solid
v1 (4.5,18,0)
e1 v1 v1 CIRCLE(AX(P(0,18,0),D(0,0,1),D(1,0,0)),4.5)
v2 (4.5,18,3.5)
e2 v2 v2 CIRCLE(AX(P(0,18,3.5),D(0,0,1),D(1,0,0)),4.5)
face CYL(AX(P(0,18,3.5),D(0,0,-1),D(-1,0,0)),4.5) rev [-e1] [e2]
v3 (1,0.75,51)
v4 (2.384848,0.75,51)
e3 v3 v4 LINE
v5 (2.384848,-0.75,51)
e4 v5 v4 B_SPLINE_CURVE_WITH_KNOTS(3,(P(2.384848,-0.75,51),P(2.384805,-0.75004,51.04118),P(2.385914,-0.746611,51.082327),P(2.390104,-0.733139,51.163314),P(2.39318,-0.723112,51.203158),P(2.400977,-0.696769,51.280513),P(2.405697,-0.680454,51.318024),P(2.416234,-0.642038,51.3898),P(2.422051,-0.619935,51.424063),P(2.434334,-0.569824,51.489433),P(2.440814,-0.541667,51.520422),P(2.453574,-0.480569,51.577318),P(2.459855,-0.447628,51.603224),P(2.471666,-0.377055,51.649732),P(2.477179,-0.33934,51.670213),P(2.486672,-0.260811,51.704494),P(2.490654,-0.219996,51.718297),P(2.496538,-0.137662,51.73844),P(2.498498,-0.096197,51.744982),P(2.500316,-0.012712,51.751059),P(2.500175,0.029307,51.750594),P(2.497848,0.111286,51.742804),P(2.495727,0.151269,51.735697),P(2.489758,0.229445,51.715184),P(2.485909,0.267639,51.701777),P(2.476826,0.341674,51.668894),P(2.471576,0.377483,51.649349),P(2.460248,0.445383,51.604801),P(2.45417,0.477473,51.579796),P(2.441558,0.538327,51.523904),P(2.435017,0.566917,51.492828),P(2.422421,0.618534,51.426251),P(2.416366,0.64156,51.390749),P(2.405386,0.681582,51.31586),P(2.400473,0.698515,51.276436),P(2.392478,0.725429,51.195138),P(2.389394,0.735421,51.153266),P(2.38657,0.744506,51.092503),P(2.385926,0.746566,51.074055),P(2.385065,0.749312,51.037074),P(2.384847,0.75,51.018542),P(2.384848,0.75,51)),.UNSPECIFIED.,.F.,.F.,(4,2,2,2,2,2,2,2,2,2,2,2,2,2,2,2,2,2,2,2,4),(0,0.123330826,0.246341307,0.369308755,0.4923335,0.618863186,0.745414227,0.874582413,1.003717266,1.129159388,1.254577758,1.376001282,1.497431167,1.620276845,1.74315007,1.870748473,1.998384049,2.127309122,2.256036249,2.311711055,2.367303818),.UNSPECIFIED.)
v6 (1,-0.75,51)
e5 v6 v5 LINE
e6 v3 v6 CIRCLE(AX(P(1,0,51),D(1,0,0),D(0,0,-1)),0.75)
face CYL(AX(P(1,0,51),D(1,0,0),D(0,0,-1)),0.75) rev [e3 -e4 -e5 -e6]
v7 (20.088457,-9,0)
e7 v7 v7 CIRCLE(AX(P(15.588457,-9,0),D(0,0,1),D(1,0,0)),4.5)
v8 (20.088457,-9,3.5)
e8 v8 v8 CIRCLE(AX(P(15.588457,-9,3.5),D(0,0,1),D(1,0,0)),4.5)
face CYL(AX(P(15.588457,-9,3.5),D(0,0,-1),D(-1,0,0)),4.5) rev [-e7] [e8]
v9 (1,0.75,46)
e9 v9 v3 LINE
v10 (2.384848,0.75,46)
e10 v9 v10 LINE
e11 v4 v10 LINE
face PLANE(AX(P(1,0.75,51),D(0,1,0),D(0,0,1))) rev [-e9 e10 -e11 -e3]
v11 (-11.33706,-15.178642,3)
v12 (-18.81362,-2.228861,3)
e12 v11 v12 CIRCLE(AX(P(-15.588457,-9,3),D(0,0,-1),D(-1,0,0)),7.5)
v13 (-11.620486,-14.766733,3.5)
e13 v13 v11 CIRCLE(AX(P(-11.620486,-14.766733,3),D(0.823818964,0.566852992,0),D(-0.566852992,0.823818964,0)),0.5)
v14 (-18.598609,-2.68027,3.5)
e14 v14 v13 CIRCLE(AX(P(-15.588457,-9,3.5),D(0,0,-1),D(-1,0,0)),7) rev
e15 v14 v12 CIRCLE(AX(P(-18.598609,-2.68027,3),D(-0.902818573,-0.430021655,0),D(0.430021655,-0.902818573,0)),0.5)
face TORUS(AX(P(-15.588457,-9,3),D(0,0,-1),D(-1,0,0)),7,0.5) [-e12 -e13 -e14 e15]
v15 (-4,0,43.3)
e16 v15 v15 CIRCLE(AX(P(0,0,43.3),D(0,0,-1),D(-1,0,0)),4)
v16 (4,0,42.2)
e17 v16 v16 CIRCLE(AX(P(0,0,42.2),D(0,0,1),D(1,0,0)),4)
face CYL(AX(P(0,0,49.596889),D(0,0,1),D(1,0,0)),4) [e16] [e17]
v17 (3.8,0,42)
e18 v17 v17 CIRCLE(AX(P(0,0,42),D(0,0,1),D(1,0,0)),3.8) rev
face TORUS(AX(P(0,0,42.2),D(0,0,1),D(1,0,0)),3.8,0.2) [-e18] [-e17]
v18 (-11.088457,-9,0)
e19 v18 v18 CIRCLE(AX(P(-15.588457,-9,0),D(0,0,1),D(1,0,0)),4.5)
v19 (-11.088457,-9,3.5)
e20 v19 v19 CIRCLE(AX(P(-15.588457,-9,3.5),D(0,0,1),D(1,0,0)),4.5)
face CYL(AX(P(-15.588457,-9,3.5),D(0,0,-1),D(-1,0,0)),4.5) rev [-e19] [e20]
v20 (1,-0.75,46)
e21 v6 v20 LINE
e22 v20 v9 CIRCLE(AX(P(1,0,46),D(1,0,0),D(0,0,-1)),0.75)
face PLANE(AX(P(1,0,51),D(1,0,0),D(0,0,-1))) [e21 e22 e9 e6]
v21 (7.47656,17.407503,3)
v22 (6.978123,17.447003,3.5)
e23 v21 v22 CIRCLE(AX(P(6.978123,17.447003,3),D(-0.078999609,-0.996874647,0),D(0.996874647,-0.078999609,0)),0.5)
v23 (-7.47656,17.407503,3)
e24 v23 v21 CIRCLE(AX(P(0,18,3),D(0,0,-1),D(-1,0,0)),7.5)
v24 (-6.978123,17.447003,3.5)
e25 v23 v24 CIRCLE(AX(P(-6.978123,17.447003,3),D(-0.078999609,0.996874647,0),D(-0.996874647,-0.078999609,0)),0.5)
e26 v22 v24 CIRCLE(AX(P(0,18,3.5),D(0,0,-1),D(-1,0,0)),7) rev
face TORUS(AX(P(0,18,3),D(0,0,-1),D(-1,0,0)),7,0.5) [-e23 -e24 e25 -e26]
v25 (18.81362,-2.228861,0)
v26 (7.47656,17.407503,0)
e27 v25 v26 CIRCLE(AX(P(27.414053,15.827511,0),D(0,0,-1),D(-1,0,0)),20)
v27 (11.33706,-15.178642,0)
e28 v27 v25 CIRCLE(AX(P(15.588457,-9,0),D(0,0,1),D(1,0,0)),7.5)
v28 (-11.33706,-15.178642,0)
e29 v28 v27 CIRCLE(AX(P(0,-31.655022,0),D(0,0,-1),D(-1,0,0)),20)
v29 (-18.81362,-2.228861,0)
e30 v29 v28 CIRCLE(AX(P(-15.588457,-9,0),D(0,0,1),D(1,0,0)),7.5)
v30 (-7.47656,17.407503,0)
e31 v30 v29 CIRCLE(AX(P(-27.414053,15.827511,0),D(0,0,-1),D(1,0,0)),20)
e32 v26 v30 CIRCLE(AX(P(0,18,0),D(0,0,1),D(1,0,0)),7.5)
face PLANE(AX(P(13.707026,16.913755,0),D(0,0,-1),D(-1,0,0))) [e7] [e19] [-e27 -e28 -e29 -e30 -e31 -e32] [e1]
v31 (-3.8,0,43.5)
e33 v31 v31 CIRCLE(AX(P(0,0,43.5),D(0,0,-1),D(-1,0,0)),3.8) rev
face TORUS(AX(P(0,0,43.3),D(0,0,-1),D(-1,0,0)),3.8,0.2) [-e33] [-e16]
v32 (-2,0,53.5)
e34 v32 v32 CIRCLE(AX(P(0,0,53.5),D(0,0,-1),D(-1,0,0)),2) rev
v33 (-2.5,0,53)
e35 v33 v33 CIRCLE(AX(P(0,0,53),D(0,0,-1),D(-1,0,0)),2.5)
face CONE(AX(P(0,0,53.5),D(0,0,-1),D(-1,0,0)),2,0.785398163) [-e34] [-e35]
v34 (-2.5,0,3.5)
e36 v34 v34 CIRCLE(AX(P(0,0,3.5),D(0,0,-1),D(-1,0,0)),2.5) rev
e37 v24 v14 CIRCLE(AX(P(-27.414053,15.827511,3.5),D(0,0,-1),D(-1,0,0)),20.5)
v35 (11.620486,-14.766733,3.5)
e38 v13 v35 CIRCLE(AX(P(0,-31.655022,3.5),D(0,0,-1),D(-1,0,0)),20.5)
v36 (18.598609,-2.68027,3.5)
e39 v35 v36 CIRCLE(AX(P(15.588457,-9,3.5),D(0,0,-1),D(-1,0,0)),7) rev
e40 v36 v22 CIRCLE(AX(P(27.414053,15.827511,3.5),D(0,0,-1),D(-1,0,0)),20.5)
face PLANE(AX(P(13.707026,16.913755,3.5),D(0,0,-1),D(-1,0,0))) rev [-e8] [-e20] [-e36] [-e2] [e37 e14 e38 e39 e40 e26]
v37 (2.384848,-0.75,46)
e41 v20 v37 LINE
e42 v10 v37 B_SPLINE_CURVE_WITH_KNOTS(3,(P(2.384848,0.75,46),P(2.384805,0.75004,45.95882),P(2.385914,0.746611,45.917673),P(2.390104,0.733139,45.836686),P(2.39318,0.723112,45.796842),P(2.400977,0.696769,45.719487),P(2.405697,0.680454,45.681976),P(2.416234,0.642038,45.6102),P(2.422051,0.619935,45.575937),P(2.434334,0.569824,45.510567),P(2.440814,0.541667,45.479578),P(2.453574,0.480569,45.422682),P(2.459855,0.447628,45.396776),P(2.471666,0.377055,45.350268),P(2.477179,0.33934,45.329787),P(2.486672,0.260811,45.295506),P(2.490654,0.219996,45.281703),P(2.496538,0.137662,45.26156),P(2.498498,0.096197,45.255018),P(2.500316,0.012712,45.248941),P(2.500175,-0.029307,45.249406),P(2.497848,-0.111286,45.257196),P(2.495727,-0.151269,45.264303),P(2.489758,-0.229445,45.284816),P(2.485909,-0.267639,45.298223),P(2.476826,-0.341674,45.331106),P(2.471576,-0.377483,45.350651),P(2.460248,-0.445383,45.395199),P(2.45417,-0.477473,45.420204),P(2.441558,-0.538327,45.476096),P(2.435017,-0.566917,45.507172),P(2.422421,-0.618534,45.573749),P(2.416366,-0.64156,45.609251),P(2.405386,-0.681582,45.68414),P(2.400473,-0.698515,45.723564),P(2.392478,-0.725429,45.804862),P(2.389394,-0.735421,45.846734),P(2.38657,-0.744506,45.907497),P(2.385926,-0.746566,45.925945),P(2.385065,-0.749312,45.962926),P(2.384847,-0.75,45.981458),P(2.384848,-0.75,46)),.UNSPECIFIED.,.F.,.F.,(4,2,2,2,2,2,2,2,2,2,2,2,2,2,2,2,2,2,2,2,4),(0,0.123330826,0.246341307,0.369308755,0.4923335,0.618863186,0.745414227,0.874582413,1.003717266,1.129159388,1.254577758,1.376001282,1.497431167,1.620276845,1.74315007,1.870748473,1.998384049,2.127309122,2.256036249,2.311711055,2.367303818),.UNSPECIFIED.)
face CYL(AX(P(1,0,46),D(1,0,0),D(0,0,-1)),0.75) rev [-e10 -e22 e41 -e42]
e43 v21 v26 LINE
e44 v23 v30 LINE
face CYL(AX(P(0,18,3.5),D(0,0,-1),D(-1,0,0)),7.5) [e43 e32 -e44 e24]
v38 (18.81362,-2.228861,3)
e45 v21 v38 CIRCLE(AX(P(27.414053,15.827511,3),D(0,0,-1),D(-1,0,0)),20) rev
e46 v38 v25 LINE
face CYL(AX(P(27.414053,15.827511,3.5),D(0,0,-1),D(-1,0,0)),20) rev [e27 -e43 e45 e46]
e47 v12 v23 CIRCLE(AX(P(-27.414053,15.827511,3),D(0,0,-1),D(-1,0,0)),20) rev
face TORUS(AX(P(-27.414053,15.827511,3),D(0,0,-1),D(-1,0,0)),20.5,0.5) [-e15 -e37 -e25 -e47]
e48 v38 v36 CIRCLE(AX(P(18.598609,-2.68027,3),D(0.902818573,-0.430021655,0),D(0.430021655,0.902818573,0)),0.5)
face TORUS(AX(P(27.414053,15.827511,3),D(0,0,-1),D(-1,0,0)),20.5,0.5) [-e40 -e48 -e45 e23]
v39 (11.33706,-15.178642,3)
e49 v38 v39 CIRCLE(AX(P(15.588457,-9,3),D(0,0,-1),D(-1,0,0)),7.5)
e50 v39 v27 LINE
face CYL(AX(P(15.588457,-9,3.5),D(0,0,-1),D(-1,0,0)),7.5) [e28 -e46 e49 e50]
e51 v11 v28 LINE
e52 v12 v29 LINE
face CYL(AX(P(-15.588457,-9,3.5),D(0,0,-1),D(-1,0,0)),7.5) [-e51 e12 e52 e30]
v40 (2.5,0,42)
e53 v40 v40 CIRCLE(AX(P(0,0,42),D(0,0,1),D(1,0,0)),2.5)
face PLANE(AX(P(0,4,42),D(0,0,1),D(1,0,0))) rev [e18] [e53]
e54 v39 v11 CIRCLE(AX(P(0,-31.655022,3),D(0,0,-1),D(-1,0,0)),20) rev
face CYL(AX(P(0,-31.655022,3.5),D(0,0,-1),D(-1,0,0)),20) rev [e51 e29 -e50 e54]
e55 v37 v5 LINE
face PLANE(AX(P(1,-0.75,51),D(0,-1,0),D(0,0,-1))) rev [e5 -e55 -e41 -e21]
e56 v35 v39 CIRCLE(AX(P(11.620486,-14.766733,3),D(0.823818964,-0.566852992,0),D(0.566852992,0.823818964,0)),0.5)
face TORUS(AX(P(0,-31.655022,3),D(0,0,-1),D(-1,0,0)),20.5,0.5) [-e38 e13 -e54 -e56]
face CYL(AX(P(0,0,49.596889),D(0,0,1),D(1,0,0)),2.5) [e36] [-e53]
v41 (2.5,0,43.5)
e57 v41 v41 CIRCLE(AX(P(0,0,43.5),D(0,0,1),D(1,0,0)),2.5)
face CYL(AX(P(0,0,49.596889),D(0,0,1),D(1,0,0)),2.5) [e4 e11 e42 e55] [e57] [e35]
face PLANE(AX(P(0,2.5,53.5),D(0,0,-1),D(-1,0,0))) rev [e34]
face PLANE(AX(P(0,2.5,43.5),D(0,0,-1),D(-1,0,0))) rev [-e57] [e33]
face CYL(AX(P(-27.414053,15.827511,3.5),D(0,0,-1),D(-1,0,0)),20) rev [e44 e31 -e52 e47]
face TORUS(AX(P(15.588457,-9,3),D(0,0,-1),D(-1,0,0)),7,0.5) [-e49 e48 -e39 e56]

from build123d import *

# Parameters (mm, degrees)
SKETCH1_R           = 4.5
BOSS_EXTRUDE1_DEPTH = 3.5
CUT_EXTRUDE1_DEPTH  = 1.5
FILLET1_R           = 0.5
FILLET2_R           = 0.2
CHAMFER1_SIZE       = 0.5


with BuildPart() as part:
    # Sketch1 → Boss-Extrude1 (new body)
    with BuildSketch(Plane.XY):
        with BuildLine():
            ThreePointArc((7.476559852, 17.407502934), (0, 25.5), (-7.476559852, 17.407502934))
            ThreePointArc((-7.476559852, 17.407502934), (-10.093544717, 5.827510759), (-18.813619684, -2.228860702))
            ThreePointArc((-18.813619684, -2.228860702), (-22.083647797, -12.75), (-11.337059831, -15.178642232))
            ThreePointArc((-11.337059831, -15.178642232), (0, -11.655021518), (11.337059831, -15.178642232))
            ThreePointArc((11.337059831, -15.178642232), (22.083647797, -12.75), (18.813619684, -2.228860702))
            ThreePointArc((18.813619684, -2.228860702), (10.093544717, 5.827510759), (7.476559852, 17.407502934))
        make_face()
        with Locations((0, 18)):
            Circle(SKETCH1_R, mode=Mode.SUBTRACT)
        with Locations((15.588457268, -9)):
            Circle(SKETCH1_R, mode=Mode.SUBTRACT)
        with Locations((-15.588457268, -9)):
            Circle(SKETCH1_R, mode=Mode.SUBTRACT)
    extrude(amount=BOSS_EXTRUDE1_DEPTH)

    # Sketch2 → Revolve4 (revolve)
    with BuildSketch(Plane(origin=(0, 0, 0), x_dir=(0, 0, -1), z_dir=(1, 0, 0)), mode=Mode.PRIVATE) as revolve4_sk:
        Polygon((-53.5, 2.5), (-43.5, 2.5), (-43.5, 4), (-42, 4), (-42, 2.5), (-3.5, 2.5), (-3.5, 0), (-53.5, 0), align=None)
    revolve(revolve4_sk.sketch.rotate(Axis((0, 0, 49.596889026), (0, 0, -1)), 90), axis=Axis((0, 0, 49.596889026), (0, 0, -1)))

    # Sketch6 → Cut-Extrude1 (cut)
    with BuildSketch(Plane(origin=(2.5, 0, 0), x_dir=(0, 0, -1), z_dir=(1, 0, 0))):
        with BuildLine():
            Line((-51, 0.75), (-46, 0.75))
            ThreePointArc((-46, 0.75), (-45.25, 0), (-46, -0.75))
            Line((-46, -0.75), (-51, -0.75))
            ThreePointArc((-51, -0.75), (-51.75, 0), (-51, 0.75))
        make_face()
    extrude(amount=-CUT_EXTRUDE1_DEPTH, mode=Mode.SUBTRACT)

    # Fillet1
    fillet1_edges = [part.edges().sort_by_distance(p)[0] for p in [
        (-10.093544717, 5.827510759, 3.5),
        (-22.083647797, -12.75, 3.5),
        (0, -11.655021518, 3.5),
        (22.083647797, -12.75, 3.5),
        (10.093544717, 5.827510759, 3.5),
        (0, 25.5, 3.5),
    ]]
    fillet(fillet1_edges, radius=FILLET1_R)

    # Fillet2
    fillet2_edges = [part.edges().sort_by_distance(p)[0] for p in [
        (-4, 0, 42),
        (-4, 0, 43.5),
    ]]
    fillet(fillet2_edges, radius=FILLET2_R)

    # Chamfer1
    chamfer1_edges = [part.edges().sort_by_distance(p)[0] for p in [
        (-2.5, 0, 53.5),
    ]]
    chamfer(chamfer1_edges, length=CHAMFER1_SIZE)


solid = part.part
